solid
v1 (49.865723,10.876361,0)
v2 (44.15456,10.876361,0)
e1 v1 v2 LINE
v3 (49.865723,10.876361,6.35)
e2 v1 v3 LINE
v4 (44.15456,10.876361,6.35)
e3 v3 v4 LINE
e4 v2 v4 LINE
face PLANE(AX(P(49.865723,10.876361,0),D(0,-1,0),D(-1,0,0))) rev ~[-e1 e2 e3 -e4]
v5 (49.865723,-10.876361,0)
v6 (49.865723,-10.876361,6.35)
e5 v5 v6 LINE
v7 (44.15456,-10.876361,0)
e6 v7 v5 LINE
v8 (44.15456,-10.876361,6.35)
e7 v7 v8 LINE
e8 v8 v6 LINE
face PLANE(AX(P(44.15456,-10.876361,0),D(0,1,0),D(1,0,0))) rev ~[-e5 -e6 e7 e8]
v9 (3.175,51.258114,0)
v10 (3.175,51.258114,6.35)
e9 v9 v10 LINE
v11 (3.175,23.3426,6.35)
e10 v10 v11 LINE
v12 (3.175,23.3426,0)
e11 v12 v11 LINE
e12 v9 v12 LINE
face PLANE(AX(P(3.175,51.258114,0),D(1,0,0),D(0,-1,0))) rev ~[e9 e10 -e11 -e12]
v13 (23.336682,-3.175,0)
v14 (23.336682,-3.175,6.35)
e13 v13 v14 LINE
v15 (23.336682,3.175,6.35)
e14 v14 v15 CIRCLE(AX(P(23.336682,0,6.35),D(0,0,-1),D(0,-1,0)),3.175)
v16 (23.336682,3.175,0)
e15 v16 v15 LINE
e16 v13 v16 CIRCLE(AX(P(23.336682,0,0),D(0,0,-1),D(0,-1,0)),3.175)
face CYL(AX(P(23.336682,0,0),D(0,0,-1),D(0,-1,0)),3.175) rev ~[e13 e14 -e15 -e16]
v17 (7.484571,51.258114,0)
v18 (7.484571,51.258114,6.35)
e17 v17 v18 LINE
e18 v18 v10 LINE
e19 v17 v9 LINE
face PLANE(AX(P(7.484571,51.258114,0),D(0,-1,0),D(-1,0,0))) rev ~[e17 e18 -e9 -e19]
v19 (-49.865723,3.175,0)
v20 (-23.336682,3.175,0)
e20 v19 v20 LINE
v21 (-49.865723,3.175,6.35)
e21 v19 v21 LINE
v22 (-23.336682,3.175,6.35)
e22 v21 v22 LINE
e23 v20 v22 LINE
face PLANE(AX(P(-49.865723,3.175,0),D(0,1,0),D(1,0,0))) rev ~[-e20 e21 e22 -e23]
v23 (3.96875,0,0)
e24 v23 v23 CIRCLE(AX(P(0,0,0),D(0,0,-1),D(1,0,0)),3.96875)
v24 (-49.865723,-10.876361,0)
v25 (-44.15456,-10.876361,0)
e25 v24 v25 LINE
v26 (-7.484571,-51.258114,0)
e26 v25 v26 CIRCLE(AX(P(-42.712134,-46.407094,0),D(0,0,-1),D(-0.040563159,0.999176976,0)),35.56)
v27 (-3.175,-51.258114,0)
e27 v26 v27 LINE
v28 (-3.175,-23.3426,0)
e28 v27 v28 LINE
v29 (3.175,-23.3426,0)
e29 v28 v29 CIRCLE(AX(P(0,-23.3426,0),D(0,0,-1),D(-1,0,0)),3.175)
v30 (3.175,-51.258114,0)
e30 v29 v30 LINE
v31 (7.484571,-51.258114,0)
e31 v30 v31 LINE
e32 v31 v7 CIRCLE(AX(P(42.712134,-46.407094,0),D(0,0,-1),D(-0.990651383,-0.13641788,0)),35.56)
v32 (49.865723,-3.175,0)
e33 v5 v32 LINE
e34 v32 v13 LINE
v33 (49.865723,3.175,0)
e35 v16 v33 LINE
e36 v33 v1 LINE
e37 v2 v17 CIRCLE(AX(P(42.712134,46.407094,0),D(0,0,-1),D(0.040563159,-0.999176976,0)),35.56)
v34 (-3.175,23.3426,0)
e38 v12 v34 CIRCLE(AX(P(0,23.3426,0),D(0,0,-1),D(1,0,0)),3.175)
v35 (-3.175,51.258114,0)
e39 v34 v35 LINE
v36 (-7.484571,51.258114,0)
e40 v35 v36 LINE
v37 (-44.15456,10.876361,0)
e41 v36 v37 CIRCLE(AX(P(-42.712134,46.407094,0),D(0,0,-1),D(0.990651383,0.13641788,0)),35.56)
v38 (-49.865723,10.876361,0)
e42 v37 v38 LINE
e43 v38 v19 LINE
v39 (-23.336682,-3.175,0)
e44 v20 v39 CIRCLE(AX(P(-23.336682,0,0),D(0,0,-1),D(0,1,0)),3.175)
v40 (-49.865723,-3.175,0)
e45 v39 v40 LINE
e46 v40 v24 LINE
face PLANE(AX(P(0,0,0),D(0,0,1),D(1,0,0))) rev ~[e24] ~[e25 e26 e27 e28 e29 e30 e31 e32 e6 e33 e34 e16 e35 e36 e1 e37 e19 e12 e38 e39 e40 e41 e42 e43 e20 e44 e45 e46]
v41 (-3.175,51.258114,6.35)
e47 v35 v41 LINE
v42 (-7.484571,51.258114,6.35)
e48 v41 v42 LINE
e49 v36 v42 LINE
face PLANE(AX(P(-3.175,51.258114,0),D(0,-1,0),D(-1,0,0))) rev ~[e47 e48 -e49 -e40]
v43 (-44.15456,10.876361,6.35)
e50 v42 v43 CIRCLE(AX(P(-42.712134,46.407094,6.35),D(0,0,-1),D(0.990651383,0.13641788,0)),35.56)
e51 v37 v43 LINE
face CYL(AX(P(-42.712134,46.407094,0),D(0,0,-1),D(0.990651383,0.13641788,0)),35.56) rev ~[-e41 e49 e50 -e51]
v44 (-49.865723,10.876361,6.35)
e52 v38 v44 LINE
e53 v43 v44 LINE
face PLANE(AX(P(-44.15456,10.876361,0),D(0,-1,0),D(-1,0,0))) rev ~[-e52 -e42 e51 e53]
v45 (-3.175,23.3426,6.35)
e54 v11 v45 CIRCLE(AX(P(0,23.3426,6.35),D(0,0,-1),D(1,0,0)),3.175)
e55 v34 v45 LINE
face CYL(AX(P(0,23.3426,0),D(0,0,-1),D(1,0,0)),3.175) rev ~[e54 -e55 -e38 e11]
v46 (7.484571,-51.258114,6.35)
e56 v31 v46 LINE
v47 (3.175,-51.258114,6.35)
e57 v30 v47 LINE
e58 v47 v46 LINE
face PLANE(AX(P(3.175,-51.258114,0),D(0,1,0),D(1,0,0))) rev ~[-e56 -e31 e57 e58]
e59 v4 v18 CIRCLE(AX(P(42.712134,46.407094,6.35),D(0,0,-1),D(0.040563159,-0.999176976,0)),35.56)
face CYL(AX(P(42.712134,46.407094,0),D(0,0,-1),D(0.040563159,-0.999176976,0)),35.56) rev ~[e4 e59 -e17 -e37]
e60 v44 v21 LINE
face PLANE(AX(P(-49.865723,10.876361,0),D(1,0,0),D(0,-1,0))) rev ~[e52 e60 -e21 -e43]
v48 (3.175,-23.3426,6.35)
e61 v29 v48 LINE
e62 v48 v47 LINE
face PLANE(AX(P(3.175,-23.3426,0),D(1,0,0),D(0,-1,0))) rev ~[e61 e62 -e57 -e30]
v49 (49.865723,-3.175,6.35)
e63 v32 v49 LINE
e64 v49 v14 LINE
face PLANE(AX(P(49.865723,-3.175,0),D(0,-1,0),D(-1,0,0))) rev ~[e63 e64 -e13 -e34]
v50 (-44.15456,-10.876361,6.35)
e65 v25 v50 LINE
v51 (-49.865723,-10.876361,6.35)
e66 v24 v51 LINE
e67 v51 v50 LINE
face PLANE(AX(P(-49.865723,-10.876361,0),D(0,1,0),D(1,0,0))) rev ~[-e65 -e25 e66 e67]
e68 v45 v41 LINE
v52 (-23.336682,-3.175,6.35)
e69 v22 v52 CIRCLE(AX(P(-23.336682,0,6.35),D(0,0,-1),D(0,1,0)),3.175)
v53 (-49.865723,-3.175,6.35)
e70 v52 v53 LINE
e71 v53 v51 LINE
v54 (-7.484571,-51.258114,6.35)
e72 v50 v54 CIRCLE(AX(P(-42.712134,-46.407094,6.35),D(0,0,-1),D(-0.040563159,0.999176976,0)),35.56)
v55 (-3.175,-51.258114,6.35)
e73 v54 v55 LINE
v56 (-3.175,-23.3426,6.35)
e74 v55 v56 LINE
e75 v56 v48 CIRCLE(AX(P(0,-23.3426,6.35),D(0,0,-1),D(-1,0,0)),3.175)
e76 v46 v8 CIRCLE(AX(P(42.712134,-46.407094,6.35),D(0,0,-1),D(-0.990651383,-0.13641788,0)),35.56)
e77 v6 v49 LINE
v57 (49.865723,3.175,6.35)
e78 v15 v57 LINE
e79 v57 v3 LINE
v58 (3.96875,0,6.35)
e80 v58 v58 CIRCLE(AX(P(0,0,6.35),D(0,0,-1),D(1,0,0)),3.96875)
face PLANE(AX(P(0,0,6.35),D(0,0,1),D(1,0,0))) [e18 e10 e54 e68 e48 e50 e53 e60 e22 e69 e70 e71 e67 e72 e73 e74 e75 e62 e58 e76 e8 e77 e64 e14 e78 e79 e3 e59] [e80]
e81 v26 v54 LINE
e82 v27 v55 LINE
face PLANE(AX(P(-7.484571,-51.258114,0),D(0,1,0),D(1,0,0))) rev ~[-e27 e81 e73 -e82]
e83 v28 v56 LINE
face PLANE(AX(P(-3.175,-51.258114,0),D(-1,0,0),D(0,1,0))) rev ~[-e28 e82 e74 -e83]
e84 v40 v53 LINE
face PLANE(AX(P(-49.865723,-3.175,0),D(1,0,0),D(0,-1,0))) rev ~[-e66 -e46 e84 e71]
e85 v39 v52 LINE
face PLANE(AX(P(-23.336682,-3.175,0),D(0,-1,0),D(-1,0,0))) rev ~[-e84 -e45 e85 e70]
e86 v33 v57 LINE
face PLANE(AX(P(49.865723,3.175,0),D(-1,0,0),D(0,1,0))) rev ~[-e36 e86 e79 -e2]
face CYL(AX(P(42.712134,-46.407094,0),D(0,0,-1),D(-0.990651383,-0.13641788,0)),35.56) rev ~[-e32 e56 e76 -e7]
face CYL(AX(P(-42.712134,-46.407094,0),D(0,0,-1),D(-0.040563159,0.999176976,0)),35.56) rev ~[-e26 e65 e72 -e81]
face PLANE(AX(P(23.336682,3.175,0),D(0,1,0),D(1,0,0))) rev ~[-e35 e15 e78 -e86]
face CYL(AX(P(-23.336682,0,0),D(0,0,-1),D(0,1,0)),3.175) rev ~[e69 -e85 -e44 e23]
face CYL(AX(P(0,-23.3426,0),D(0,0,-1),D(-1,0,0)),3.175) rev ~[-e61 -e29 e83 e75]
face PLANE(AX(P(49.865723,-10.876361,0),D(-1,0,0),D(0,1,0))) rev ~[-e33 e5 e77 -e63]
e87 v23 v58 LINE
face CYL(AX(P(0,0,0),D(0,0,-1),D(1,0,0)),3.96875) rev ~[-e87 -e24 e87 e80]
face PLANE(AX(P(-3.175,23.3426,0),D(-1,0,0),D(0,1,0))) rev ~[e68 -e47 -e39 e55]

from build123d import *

# Parameters (mm, degrees)
F1_DEPTH = 6.35
F2_R     = 3.96875
F3_DEPTH = 45.73795


with BuildPart() as f1:
    # F0 (on Top) → F1 (new body)
    with BuildSketch(Plane.XY):
        with BuildLine():
            ThreePointArc((-7.484571, 51.258114), (-16.386664, 22.501379), (-44.15456, 10.876361))
            Line((-44.15456, 10.876361), (-49.865723, 10.876361))
            Line((-49.865723, 10.876361), (-49.865723, 3.175))
            Line((-49.865723, 3.175), (-23.336682, 3.175))
            ThreePointArc((-23.336682, 3.175), (-20.161682, 0), (-23.336682, -3.175))
            Line((-23.336682, -3.175), (-49.865723, -3.175))
            Line((-49.865723, -3.175), (-49.865723, -10.876361))
            Line((-49.865723, -10.876361), (-44.15456, -10.876361))
            ThreePointArc((-44.15456, -10.876361), (-16.386664, -22.501379), (-7.484571, -51.258114))
            Line((-7.484571, -51.258114), (-3.175, -51.258114))
            Line((-3.175, -51.258114), (-3.175, -23.3426))
            ThreePointArc((-3.175, -23.3426), (0, -20.1676), (3.175, -23.3426))
            Line((3.175, -23.3426), (3.175, -51.258114))
            Line((3.175, -51.258114), (7.484571, -51.258114))
            ThreePointArc((7.484571, -51.258114), (16.386664, -22.501379), (44.15456, -10.876361))
            Line((44.15456, -10.876361), (49.865723, -10.876361))
            Line((49.865723, -10.876361), (49.865723, -3.175))
            Line((49.865723, -3.175), (23.336682, -3.175))
            ThreePointArc((23.336682, -3.175), (20.161682, 0), (23.336682, 3.175))
            Line((23.336682, 3.175), (49.865723, 3.175))
            Line((49.865723, 3.175), (49.865723, 10.876361))
            Line((49.865723, 10.876361), (44.15456, 10.876361))
            ThreePointArc((44.15456, 10.876361), (16.386664, 22.501379), (7.484571, 51.258114))
            Line((7.484571, 51.258114), (3.175, 51.258114))
            Line((3.175, 51.258114), (3.175, 23.3426))
            ThreePointArc((3.175, 23.3426), (0, 20.1676), (-3.175, 23.3426))
            Line((-3.175, 23.3426), (-3.175, 51.258114))
            Line((-3.175, 51.258114), (-7.484571, 51.258114))
        make_face()
    extrude(amount=F1_DEPTH)

    # F2 (on face) → F3 (cut)
    with BuildSketch(Plane(origin=(0, 0, 0), x_dir=(1, 0, 0), z_dir=(0, 0, -1))):
        Circle(F2_R)
    extrude(amount=-F3_DEPTH, mode=Mode.SUBTRACT)


solid = f1.part
